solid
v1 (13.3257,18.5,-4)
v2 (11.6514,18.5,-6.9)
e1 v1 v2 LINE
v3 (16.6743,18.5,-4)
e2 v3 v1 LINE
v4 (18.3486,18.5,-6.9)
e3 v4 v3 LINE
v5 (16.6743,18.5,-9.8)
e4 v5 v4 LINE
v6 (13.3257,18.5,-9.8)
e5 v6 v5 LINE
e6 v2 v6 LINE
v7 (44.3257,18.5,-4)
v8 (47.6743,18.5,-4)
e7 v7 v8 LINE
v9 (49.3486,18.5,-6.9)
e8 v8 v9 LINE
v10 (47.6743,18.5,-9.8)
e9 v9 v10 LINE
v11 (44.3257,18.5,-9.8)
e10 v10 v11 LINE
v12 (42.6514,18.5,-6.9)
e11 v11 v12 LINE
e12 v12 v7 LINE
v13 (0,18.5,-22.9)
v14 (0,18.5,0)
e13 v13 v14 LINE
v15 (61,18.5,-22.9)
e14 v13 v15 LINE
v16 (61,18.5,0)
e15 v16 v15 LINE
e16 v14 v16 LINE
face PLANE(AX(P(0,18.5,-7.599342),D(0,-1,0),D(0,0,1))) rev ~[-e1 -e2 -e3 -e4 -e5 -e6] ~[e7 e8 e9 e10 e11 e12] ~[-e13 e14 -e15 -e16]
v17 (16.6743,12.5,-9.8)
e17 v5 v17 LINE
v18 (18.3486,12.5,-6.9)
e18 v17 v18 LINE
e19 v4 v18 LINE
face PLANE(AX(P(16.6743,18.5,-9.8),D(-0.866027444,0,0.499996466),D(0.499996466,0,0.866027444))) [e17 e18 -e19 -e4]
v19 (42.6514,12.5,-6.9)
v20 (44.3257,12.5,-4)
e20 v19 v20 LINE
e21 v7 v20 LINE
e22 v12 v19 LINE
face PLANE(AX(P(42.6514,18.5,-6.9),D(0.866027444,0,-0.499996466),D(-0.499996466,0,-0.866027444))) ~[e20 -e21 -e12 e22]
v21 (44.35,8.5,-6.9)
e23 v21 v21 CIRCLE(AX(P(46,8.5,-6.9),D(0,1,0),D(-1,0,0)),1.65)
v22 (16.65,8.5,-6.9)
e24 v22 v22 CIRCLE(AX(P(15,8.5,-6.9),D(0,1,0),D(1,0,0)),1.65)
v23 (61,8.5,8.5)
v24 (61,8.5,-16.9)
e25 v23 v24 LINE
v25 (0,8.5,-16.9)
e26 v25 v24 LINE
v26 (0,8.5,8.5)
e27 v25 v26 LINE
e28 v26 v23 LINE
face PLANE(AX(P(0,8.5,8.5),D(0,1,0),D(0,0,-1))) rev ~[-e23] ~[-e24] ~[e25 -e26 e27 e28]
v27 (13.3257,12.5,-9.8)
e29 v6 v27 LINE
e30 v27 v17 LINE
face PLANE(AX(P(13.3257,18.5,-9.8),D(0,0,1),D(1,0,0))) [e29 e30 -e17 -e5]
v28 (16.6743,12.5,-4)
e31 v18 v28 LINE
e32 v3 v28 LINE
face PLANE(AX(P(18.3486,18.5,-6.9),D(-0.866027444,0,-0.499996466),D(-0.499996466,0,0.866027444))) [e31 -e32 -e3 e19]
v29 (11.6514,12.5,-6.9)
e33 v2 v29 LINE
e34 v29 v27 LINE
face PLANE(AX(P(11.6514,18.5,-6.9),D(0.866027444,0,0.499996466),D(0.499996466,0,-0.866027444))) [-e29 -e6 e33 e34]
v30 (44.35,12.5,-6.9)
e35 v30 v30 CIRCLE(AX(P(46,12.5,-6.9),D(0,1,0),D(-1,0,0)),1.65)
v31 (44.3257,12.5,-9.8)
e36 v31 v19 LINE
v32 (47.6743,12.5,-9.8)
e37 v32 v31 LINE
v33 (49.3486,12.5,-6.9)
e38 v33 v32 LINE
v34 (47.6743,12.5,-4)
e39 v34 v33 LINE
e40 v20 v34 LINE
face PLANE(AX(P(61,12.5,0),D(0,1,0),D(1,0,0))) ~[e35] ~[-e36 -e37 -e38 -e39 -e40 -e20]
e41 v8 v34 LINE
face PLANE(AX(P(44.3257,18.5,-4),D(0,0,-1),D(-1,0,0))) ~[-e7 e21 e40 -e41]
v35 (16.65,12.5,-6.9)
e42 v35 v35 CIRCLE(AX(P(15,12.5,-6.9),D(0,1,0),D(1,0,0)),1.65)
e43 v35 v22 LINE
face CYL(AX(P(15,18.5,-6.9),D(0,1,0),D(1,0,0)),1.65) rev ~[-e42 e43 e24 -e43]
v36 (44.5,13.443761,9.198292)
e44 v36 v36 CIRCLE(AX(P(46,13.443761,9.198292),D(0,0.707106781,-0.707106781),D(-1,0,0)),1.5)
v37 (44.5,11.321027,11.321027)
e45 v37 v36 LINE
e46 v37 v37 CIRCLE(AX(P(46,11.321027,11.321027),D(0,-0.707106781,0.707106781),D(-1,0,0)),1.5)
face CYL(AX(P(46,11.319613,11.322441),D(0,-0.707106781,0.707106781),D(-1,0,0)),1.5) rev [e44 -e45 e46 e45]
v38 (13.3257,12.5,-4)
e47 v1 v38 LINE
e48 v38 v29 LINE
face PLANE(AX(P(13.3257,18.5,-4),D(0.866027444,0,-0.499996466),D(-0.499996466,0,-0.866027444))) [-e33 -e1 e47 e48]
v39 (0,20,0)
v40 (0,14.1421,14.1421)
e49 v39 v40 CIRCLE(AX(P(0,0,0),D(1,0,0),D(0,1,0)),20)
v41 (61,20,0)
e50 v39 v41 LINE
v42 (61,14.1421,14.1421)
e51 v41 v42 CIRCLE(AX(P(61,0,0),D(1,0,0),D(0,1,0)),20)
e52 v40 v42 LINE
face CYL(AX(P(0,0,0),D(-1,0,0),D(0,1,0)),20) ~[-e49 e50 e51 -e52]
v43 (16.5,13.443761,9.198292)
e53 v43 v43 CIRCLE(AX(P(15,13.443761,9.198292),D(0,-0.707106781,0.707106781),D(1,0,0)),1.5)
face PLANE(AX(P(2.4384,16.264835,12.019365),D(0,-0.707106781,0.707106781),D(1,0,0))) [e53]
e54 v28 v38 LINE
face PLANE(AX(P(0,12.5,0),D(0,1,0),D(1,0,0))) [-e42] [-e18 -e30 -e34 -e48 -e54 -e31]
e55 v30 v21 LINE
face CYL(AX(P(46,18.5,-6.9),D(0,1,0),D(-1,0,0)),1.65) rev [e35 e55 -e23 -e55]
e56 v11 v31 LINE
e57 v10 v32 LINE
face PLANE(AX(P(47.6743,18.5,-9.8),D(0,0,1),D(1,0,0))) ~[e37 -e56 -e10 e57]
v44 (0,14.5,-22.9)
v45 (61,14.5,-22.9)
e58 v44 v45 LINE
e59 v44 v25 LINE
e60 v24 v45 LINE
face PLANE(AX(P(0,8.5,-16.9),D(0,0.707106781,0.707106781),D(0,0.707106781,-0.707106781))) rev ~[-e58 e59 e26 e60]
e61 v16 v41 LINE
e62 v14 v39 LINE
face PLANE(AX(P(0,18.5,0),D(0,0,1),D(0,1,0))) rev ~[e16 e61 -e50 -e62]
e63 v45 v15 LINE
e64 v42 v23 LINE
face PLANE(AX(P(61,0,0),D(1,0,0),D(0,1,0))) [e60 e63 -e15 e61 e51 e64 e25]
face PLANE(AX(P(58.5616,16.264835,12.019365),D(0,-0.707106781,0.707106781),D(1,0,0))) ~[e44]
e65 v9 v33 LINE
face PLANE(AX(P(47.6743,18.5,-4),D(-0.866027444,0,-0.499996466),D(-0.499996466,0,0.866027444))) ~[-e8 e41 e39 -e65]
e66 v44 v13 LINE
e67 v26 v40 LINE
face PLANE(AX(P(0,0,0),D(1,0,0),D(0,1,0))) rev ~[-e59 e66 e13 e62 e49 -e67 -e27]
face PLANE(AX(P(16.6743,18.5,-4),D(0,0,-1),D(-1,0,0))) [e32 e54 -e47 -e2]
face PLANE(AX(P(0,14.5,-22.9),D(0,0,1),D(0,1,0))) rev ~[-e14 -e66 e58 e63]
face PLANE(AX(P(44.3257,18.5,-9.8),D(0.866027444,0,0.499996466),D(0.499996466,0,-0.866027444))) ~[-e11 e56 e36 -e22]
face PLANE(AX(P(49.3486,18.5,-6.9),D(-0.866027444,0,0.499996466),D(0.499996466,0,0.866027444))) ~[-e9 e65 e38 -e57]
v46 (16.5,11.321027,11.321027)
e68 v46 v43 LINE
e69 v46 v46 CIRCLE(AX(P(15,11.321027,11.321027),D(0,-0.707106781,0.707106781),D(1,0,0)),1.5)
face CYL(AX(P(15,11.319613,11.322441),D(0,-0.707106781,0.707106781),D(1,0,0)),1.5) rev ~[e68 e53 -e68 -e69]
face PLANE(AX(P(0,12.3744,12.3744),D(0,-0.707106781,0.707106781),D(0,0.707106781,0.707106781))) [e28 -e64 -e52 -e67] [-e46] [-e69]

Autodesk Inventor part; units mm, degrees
ref_plane "YZ Plane" through (0, 0, 0) normal (1, 0, 0) x (0, 1, 0)
ref_plane "XZ Plane" through (0, 0, 0) normal (0, 1, 0) x (-1, 0, 0)
sketch "Sketch1" plane through (0, 0, 0) normal (1, 0, 0) x (0, 1, 0)
  circle A0 centre (0, 0) radius 20
  line L0 (8.5, 8.5) -> (-16.9, 8.5)
  line L1 (8.5, 8.5) -> (8.5, -16.9)
  line L2 (0, 0) -> (0, 20)
  line L3 (0, 20) -> (-60.9241, 20)
  line L4 (-60.9241, 20) -> (-60.9241, 18.5)
  line L5 (-60.9241, 18.5) -> (0, 18.5)
  line L6 (0, 18.5) -> (0, 20)
  line L7 (0, 0) -> (14.1421, 14.1421)
  line L8 (0, 0) -> (20, 0)
  line L9 (-16.9, 8.5) -> (-16.9, 18.5)
  line L10 (-16.9, 8.5) -> (-22.9, 14.5)
  line L11 (-22.9, 14.5) -> (-22.9, 18.5)
  line L12 (12.3744, 12.3744) -> (12.1502, 13.2109)
  line L13 (11.3137, 13.435) -> (9.2071, 11.3284)
  line L14 (9.4313, 10.4919) -> (10.2678, 10.2678)
  line L15 (8.5, 8.5) -> (8.5, -16.9)
  line L16 (20, 0) -> (20, -60.9241)
  line L17 (20, -60.9241) -> (18.5, -60.9241)
  line L18 (18.5, -60.9241) -> (18.5, 0)
  line L19 (8.5, -16.9) -> (18.5, -16.9)
  line L20 (8.5, -16.9) -> (14.5, -22.9)
  line L21 (14.5, -22.9) -> (18.5, -22.9)
  arc A1 (9.2071, 11.3284) -> (9.4313, 10.4919) centre (9.5607, 10.9749) ccw
  arc A2 (12.1502, 13.2109) -> (11.3137, 13.435) centre (11.6673, 13.0815) ccw
  line L22 (10.4311, 10.4311) -> (9.483, 10.6851)
  arc A3 (9.3485, 11.187) -> (9.483, 10.6851) centre (9.5607, 10.9749) ccw
  line L23 (9.3485, 11.187) -> (11.4551, 13.2936)
  arc A4 (11.957, 13.1591) -> (11.4551, 13.2936) centre (11.6673, 13.0815) ccw
  line L24 (11.957, 13.1591) -> (12.2111, 12.2111)
  point P0 (0, 8.5)
  point P1 (-17.7041, 9.3041)
  point P2 (-16.9, 10.6953)
  point P3 (10.6953, -16.9)
  point P4 (9.3041, -17.7041)
  point P5 (18.5, 0)
  dimension "d0" = 40
  dimension "d1" = 25.4
  dimension "d2" = 1.5
  dimension "d4" = 45
  dimension "d6" = 45
  dimension "d7" = 4
  dimension "d8" = 10
  dimension "d10" = 2.5
  dimension "d11" = 2.5
  dimension "d12" = 60
  dimension "d13" = 1.5
  dimension "d15" = 0.5
  dimension "d16" = 0.2
extrude "Extrusion1" add sketch "Sketch1" along normal blind 61 contours L8 L1 L7 A0 | L18 L19 A0 | A0 L19 L1 L8 L18 | L19 L18 L21 L20 A0 | A0 L20 L19
sketch "Sketch3" plane through (0, 18.5, 0) normal (0, 1, 0) x (1, 0, 0)
  line L0 (0, 22.9) -> (0, 0) projected
  line L1 (0, 0) -> (61, 0) projected
  line L2 (61, 22.9) -> (61, 0) projected
  line L3 (0, 22.9) -> (61, 22.9) projected
  line L4 (0, 16.9) -> (61, 16.9) projected
  line L5 (13.3257, 4) -> (11.6514, 6.9)
  line L6 (11.6514, 6.9) -> (13.3257, 9.8)
  line L7 (13.3257, 9.8) -> (16.6743, 9.8)
  line L8 (16.6743, 9.8) -> (18.3486, 6.9)
  line L9 (18.3486, 6.9) -> (16.6743, 4)
  line L10 (16.6743, 4) -> (13.3257, 4)
  circle A0 centre (15, 6.9) radius 1.65
  point P0 (0, 0)
  dimension "d28" = 5.8
  dimension "d29" = 10
  dimension "d30" = 15
  dimension "d31" = 3.3
extrude "Extrusion4" cut sketch "Sketch3" against normal blind 6 contours L5 L6 L7 L8 L9 L10 | A0
extrude "Extrusion5" cut sketch "Sketch3" against normal through all contours A0
sketch "Sketch4" plane through (0, 14.5, -22.9) normal (0, 0, -1) x (-1, 0, 0)
  line L0 (0, -6) -> (0, 0) projected
  line L1 (0, 0) -> (0, 4) projected
  line L2 (0, 4) -> (0, 5.5) projected
  line L3 (0, -6) -> (-61, -6) projected
  line L4 (0, 5.5) -> (-61, 5.5) projected
  line L5 (0, 5.5) -> (-4.787, -6)
  point P0 (0, -14.5)
  dimension "d36" = 112.6
ref_plane "Work Plane1" through (2.4384, 14.1421, 14.1421) normal (0, -0.7071, 0.7071) x (1, 0, 0)
sketch "Sketch5" plane through (2.4384, 14.1421, 14.1421) normal (0, -0.7071, 0.7071) x (1, 0, 0)
  circle A0 centre (12.5616, -3.9896) radius 1.5
  line L0 (-2.4384, 0) -> (-2.4384, -7.9792) projected
  line L1 (-2.4384, -7.9792) -> (58.5616, -7.9792) projected
  line L2 (58.5616, 0) -> (58.5616, -7.9792) projected
  line L3 (-2.4384, 0) -> (58.5616, 0) projected
  point P0 (-2.4384, -3.9896)
  dimension "d42" = 3
  dimension "d55" = 15
extrude "Extrusion7" cut sketch "Sketch5" against normal blind 3 contours A0
ref_plane "Work Plane2" through (30.5, 0, 0) normal (-1, 0, 0) x (0, 0, 1)
mirror "Mirror1" about plane through (30.5, 0, 0) normal (-1, 0, 0) of "Extrusion7", "Extrusion5", "Extrusion4"
properties part number "ESQUINA_REDONDEADA_R20" material "Steel, Mild, Welded"
